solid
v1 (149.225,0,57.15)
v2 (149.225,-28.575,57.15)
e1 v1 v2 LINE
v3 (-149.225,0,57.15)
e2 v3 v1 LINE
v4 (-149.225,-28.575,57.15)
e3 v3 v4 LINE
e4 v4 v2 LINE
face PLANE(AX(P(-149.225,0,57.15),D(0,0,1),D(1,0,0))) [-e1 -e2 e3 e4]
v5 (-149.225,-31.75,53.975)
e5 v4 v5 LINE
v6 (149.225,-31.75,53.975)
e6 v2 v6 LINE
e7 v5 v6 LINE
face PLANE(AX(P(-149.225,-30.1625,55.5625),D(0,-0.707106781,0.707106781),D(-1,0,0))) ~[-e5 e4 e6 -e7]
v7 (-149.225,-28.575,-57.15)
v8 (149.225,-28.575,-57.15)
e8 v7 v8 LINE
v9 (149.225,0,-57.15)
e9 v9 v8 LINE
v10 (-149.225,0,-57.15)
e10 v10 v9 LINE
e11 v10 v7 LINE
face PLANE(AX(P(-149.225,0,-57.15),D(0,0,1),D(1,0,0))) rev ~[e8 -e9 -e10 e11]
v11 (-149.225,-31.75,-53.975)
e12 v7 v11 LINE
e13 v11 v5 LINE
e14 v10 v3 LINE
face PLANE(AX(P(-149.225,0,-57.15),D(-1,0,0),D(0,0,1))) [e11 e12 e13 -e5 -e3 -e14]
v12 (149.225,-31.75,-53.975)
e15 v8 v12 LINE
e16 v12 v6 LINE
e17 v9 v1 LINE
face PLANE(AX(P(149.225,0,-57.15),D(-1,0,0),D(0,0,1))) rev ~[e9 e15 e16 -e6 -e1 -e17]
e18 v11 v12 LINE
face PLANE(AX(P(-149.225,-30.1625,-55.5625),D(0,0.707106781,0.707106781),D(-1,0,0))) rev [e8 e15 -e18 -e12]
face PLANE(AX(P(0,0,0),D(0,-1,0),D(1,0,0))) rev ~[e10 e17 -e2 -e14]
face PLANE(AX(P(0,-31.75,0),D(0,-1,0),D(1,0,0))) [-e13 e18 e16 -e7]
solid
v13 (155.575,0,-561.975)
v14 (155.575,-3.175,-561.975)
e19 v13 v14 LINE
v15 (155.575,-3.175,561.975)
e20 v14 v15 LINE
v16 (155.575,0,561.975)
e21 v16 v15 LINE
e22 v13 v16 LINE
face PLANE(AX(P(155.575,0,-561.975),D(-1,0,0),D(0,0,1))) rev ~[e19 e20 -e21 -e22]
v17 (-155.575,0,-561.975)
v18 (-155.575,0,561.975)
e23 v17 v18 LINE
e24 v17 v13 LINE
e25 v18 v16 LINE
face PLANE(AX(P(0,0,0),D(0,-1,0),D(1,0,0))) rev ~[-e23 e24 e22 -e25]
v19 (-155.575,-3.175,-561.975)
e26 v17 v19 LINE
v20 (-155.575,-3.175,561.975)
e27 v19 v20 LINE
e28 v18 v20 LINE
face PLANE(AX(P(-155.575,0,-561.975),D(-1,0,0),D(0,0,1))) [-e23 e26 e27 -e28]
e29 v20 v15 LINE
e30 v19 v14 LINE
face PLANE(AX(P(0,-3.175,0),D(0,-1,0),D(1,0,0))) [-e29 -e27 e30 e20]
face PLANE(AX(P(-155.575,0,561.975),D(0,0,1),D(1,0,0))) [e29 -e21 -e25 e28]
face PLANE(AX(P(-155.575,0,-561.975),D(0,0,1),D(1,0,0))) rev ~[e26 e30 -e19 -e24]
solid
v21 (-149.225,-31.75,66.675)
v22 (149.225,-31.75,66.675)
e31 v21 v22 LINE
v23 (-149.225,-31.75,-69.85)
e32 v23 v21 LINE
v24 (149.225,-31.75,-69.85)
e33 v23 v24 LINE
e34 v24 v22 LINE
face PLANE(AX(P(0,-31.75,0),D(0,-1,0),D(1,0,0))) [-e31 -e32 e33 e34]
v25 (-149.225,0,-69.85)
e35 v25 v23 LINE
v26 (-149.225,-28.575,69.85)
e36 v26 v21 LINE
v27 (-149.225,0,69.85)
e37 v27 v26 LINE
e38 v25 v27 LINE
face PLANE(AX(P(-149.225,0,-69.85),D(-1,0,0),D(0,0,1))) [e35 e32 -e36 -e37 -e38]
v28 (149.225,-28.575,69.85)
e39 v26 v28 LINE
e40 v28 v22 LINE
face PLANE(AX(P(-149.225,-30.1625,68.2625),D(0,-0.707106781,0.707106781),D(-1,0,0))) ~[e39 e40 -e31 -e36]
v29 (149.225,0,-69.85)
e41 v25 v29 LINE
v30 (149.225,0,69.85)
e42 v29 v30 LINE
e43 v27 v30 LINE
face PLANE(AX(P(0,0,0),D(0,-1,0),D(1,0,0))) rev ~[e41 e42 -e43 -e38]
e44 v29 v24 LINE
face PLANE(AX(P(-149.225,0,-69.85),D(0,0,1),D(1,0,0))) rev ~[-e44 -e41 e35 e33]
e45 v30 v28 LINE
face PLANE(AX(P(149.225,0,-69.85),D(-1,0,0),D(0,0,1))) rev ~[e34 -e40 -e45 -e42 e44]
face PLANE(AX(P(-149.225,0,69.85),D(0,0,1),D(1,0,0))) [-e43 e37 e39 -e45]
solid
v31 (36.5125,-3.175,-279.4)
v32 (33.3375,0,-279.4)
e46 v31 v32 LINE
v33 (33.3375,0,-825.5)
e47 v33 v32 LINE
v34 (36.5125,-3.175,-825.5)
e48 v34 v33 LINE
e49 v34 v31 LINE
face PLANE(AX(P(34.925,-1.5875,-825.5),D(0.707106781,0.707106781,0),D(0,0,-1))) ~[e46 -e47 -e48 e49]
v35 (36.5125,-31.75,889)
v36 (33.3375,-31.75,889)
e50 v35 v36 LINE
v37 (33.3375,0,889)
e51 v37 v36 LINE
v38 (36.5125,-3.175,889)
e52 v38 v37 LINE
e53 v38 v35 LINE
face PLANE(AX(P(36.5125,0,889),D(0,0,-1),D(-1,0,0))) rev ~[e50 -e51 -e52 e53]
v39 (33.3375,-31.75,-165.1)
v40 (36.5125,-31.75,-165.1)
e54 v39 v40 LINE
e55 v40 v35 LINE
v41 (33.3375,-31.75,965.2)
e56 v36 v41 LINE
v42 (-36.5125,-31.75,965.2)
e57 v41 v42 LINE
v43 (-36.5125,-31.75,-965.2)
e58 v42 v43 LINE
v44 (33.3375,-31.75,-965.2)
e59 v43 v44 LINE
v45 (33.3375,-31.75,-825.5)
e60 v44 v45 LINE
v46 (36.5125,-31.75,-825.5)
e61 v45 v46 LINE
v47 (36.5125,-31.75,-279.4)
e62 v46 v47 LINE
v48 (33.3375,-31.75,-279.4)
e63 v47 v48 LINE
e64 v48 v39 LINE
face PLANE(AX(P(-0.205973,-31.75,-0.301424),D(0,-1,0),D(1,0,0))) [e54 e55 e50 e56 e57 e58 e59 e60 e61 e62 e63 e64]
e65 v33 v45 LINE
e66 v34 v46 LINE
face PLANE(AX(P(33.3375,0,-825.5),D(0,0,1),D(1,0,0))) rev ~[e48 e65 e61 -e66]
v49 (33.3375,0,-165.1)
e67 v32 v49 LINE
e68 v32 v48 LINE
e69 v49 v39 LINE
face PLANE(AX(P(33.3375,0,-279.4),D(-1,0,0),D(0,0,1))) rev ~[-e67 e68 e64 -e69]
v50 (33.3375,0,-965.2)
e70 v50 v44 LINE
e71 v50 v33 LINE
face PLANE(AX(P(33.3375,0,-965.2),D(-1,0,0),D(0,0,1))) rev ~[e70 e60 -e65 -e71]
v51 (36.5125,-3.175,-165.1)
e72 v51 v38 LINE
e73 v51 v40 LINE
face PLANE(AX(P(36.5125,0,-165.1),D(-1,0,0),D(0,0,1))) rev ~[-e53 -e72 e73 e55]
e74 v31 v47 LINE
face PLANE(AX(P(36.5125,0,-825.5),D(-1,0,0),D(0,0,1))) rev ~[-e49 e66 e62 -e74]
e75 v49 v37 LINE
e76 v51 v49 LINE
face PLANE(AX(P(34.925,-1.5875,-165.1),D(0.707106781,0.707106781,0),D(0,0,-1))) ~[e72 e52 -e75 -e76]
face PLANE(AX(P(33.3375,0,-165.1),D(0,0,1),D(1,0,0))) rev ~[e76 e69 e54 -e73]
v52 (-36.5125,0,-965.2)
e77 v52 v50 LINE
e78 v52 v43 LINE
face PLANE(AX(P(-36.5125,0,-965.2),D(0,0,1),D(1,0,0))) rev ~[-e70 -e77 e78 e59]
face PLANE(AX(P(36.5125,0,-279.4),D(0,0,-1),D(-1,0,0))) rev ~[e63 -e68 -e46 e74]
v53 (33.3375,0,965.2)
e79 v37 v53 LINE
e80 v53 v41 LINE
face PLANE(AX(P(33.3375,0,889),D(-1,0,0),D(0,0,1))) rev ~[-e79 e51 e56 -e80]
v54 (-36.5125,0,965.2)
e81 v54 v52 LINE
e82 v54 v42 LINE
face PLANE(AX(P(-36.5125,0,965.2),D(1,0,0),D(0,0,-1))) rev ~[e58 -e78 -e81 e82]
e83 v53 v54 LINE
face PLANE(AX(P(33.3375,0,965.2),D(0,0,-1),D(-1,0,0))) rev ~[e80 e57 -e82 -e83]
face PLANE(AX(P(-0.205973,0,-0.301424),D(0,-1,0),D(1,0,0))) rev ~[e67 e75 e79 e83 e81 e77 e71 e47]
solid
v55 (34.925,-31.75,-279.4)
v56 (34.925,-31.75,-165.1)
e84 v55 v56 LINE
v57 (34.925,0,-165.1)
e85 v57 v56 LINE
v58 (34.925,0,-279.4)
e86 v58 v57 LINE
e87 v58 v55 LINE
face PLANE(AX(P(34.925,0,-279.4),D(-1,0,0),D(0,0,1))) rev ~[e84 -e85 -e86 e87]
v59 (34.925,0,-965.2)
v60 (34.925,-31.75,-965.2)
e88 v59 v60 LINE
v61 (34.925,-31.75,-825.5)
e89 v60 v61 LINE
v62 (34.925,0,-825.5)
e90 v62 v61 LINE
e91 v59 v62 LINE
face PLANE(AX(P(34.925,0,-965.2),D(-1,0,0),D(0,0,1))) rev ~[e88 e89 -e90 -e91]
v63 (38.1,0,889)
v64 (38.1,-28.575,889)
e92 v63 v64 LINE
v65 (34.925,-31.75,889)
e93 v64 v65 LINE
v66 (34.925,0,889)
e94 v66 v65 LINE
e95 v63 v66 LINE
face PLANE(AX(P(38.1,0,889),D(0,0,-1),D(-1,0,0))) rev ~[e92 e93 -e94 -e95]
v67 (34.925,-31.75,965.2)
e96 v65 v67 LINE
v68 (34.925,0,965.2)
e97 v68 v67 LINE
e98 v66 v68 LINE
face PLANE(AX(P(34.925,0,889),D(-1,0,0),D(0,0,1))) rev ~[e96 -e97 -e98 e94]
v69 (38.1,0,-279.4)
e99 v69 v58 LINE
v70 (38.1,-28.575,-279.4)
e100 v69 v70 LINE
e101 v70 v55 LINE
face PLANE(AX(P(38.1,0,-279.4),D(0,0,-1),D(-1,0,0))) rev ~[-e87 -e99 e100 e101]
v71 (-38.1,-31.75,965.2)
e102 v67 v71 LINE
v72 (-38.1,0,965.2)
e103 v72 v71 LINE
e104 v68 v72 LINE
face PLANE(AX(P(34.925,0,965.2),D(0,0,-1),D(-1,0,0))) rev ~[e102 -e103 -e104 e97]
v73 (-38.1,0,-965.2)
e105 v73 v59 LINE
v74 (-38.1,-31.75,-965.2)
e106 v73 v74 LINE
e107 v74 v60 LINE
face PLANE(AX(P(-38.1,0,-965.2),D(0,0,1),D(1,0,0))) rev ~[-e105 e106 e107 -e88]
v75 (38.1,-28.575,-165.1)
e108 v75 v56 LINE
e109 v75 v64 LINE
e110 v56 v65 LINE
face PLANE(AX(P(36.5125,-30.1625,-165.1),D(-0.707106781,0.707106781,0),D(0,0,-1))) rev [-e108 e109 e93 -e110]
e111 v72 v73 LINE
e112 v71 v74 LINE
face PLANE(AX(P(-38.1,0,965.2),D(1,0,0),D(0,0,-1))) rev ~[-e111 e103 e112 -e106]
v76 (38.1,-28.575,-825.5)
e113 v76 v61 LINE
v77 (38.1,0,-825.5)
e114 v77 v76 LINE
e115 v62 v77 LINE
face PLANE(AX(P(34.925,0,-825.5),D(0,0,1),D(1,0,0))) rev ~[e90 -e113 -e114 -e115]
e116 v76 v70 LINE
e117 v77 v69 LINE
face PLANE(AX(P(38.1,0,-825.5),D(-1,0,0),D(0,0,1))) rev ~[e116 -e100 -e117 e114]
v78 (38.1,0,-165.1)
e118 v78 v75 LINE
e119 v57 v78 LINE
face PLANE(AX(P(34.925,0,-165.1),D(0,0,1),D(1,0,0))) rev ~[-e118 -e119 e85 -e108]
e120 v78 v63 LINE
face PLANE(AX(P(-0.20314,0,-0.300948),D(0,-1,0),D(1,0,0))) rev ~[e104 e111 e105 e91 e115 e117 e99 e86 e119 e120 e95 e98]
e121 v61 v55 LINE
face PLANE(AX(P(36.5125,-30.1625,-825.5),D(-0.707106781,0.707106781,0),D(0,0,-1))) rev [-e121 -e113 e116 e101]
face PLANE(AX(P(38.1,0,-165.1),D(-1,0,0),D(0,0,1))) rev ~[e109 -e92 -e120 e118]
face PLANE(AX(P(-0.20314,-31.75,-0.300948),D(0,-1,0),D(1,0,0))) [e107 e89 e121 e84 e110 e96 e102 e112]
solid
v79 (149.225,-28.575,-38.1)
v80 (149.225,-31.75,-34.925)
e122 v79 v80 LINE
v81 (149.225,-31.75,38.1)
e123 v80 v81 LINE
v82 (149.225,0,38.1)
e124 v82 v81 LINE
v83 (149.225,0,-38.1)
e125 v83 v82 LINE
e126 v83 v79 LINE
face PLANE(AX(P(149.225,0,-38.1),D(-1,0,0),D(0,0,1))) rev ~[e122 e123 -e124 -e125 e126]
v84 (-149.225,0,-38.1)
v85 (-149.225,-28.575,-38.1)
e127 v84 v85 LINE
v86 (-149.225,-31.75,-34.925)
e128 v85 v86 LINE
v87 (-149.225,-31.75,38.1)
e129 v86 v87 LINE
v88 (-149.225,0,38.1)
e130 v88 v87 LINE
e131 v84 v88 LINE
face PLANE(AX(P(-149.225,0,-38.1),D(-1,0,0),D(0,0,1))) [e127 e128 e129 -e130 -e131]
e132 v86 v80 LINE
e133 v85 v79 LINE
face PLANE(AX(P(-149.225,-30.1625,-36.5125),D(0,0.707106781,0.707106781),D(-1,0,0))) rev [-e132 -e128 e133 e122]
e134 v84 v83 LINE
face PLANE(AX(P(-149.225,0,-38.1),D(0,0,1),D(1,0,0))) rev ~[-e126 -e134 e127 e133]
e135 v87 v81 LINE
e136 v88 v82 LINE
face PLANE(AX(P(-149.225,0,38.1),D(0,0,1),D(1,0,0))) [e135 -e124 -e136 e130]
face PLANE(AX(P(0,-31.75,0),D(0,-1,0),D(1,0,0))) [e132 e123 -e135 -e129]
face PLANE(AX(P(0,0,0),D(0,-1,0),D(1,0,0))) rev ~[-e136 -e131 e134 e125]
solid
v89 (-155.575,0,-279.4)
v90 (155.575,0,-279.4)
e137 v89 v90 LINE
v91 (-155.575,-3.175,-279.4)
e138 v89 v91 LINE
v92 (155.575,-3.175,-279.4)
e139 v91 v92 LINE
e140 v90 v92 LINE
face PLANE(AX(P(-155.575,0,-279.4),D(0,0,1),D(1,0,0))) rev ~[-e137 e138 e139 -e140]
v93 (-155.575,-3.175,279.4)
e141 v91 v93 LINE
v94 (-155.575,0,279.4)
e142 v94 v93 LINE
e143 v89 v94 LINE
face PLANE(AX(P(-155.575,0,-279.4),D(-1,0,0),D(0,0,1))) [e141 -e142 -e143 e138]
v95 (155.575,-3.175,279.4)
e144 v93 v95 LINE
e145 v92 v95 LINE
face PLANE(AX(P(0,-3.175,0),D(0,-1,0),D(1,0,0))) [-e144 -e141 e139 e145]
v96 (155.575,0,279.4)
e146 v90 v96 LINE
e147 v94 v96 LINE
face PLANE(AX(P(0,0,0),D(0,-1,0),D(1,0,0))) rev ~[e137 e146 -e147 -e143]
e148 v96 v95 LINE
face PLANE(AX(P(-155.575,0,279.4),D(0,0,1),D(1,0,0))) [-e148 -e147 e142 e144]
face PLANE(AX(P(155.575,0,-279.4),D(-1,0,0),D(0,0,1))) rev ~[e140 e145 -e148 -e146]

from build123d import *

# Parameters (mm, degrees)
F1_DEPTH  = 31.75
F2_W      = 298.45
F2_H      = 139.7
F3_DEPTH  = 31.75
F4_W      = 298.45
F4_H      = 76.2
F5_DEPTH  = 31.75
F6_W      = 298.45
F6_H      = 114.3
F7_DEPTH  = 31.75
F8_SIZE   = 3.175
F9_SIZE   = 3.175
F10_SIZE  = 3.175
F11_SIZE  = 3.175
F13_DEPTH = 31.75
F14_SIZE  = 3.175
F15_W     = 311.15
F15_H     = 1123.95
F16_DEPTH = 3.175
F17_W     = 311.15
F17_H     = 558.8
F18_DEPTH = 3.175


with BuildPart() as f1:
    # F0 (on Front) → F1 (new body)
    with BuildSketch(Plane.XZ):
        Polygon((34.925, 889), (34.925, 965.2), (-38.1, 965.2), (-38.1, -965.2), (34.925, -965.2), (34.925, -825.5), (38.1, -825.5), (38.1, -279.4), (34.925, -279.4), (34.925, -165.1), (38.1, -165.1), (38.1, 889), align=None)
    extrude(amount=F1_DEPTH)

    # F8
    f8_edges = [f1.edges().sort_by_distance(p)[0] for p in [
        (38.1, -31.75, 361.95),
        (38.1, -31.75, -552.45),
    ]]
    chamfer(f8_edges, length=F8_SIZE)


with BuildPart() as f3:
    # F2 (on Front) → F3 (new body)
    with BuildSketch(Plane.XZ):
        Rectangle(F2_W, F2_H)
    extrude(amount=F3_DEPTH)

    # F9
    f9_edges = [f3.edges().sort_by_distance(p)[0] for p in [
        (0, -31.75, 69.85),
    ]]
    chamfer(f9_edges, length=F9_SIZE)


with BuildPart() as f5:
    # F4 (on Front) → F5 (new body)
    with BuildSketch(Plane.XZ):
        Rectangle(F4_W, F4_H)
    extrude(amount=F5_DEPTH)

    # F10
    f10_edges = [f5.edges().sort_by_distance(p)[0] for p in [
        (0, -31.75, -38.1),
    ]]
    chamfer(f10_edges, length=F10_SIZE)


with BuildPart() as f7:
    # F6 (on Front) → F7 (new body)
    with BuildSketch(Plane.XZ):
        Rectangle(F6_W, F6_H)
    extrude(amount=F7_DEPTH)

    # F11
    f11_edges = [f7.edges().sort_by_distance(p)[0] for p in [
        (0, -31.75, -57.15),
        (0, -31.75, 57.15),
    ]]
    chamfer(f11_edges, length=F11_SIZE)


with BuildPart() as f13:
    # F12 (on Front) → F13 (new body)
    with BuildSketch(Plane.XZ):
        Polygon((-36.5125, -965.2), (33.3375, -965.2), (33.3375, -825.5), (36.5125, -825.5), (36.5125, -279.4), (33.3375, -279.4), (33.3375, -165.1), (36.5125, -165.1), (36.5125, 889), (33.3375, 889), (33.3375, 965.2), (-36.5125, 965.2), align=None)
    extrude(amount=F13_DEPTH)

    # F14
    f14_edges = [f13.edges().sort_by_distance(p)[0] for p in [
        (36.5125, 0, 361.95),
        (36.5125, 0, -552.45),
    ]]
    chamfer(f14_edges, length=F14_SIZE)


with BuildPart() as f16:
    # F15 (on Front) → F16 (new body)
    with BuildSketch(Plane.XZ):
        Rectangle(F15_W, F15_H)
    extrude(amount=F16_DEPTH)


with BuildPart() as f18:
    # F17 (on Front) → F18 (new body)
    with BuildSketch(Plane.XZ):
        Rectangle(F17_W, F17_H)
    extrude(amount=F18_DEPTH)


solid = Compound([f1.part, f3.part, f5.part, f7.part, f13.part, f16.part, f18.part])
